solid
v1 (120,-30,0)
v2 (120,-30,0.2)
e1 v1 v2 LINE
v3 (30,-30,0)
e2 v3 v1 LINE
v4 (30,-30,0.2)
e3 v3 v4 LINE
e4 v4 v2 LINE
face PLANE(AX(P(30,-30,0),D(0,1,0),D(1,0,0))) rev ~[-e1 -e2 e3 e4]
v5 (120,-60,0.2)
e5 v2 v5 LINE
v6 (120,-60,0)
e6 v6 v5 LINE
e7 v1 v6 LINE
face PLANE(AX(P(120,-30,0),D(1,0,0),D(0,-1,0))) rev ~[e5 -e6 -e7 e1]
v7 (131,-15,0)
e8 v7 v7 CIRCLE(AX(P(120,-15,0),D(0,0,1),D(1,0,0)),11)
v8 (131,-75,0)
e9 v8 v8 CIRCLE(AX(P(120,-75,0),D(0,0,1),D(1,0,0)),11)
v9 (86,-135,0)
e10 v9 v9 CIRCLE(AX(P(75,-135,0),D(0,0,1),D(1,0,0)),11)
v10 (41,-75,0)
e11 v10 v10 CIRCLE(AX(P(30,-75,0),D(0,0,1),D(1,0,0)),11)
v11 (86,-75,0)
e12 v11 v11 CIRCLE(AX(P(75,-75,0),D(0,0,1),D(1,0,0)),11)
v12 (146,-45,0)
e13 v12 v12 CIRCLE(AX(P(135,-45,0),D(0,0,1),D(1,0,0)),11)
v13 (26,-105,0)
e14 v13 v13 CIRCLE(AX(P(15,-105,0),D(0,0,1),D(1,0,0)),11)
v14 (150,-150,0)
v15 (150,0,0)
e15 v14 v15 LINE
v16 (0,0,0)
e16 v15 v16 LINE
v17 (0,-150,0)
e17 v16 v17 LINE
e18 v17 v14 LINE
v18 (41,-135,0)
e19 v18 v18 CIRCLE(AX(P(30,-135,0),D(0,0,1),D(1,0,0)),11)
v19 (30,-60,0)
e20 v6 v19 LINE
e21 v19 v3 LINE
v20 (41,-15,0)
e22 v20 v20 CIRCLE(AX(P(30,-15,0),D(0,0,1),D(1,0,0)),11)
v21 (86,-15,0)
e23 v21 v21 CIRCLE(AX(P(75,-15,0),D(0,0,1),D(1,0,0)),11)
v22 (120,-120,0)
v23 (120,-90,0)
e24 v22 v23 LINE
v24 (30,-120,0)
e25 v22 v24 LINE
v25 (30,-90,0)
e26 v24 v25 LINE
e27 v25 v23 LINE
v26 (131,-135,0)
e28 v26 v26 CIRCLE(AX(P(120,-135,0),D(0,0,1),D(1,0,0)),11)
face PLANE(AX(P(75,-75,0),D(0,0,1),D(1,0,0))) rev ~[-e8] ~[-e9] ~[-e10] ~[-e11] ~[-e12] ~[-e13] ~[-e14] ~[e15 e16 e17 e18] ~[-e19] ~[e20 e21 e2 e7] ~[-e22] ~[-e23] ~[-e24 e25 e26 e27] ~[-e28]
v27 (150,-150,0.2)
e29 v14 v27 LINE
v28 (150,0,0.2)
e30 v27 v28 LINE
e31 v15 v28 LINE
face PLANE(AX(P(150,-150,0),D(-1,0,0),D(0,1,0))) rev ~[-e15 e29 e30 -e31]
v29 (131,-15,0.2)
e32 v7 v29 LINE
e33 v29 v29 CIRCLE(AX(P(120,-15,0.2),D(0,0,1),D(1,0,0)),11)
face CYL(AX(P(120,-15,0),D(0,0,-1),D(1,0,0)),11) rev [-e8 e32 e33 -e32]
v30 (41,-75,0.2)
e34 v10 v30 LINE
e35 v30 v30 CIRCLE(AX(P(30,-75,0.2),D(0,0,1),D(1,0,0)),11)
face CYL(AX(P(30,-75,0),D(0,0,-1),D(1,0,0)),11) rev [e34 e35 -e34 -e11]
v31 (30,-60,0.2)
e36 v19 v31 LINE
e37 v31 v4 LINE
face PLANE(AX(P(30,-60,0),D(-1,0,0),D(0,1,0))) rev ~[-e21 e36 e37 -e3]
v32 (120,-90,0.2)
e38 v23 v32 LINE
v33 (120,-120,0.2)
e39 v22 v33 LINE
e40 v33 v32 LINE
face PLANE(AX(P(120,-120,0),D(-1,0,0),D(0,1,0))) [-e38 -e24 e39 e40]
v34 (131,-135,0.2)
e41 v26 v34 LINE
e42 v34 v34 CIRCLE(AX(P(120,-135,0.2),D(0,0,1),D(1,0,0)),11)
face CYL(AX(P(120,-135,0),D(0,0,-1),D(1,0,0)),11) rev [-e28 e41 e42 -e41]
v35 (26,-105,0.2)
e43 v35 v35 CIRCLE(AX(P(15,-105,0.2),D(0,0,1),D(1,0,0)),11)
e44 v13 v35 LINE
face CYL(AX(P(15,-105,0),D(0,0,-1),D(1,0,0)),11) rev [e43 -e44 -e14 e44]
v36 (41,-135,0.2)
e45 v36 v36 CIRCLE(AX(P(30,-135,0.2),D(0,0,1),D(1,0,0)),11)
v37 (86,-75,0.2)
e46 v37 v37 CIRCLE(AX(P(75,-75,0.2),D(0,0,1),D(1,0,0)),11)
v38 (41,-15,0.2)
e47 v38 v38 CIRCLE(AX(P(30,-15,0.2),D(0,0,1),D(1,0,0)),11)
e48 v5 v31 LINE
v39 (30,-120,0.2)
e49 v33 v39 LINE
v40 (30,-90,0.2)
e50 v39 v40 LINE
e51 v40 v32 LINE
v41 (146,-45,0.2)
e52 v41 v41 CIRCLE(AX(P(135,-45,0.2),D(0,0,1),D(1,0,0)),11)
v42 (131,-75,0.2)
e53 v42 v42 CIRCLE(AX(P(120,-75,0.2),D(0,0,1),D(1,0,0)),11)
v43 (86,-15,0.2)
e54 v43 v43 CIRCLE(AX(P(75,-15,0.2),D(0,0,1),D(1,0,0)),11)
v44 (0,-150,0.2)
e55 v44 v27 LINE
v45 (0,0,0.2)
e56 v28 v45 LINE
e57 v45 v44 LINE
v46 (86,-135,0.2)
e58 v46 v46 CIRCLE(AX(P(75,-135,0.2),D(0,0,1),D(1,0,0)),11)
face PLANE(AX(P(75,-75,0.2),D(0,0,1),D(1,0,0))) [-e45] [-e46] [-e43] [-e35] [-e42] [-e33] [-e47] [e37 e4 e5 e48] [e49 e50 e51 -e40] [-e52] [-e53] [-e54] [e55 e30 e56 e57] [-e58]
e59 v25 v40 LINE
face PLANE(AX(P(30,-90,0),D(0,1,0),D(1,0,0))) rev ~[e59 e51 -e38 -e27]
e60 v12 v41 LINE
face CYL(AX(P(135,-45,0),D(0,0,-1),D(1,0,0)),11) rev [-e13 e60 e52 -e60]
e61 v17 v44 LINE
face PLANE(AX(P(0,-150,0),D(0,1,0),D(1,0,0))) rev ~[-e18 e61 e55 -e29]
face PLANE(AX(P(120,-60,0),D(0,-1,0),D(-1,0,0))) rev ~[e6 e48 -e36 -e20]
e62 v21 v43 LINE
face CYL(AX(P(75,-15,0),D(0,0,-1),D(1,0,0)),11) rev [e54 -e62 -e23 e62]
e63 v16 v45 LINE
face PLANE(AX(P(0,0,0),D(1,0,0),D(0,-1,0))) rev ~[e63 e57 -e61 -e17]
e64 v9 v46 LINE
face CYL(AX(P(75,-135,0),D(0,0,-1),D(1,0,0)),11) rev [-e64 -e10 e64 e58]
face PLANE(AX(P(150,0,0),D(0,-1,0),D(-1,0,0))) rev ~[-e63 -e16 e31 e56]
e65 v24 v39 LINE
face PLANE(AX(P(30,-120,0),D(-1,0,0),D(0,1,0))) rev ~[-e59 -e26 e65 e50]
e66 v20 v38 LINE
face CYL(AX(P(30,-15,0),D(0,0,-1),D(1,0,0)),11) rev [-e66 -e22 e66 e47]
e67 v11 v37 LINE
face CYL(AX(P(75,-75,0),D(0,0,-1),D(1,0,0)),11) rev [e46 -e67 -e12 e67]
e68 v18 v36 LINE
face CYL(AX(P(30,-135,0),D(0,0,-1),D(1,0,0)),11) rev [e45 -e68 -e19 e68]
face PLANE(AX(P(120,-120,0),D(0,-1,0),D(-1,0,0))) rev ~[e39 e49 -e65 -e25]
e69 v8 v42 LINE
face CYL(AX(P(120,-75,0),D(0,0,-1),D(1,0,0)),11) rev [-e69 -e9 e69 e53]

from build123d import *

# Parameters (mm, degrees)
F0_R     = 11
F0_W     = 30
F0_H     = 30
F1_DEPTH = 0.2


with BuildPart() as f1:
    # F0 (on Top) → F1 (new body)
    with BuildSketch(Plane.XY):
        Polygon((0, -150), (150, -150), (150, -120), (120, -120), (30, -120), (30, -90), (120, -90), (150, -90), (150, 0), (0, 0), (0, -30), (30, -30), (120, -30), (120, -60), (30, -60), (0, -60), align=None)
        with Locations((30, -135)):
            Circle(F0_R, mode=Mode.SUBTRACT)
        with Locations((15, -105)):
            Circle(F0_R, mode=Mode.SUBTRACT)
        with Locations((75, -135)):
            Circle(F0_R, mode=Mode.SUBTRACT)
        with Locations((120, -135)):
            Circle(F0_R, mode=Mode.SUBTRACT)
        with Locations((30, -75)):
            Circle(F0_R, mode=Mode.SUBTRACT)
        with Locations((30, -15)):
            Circle(F0_R, mode=Mode.SUBTRACT)
        with Locations((75, -75)):
            Circle(F0_R, mode=Mode.SUBTRACT)
        with Locations((120, -75)):
            Circle(F0_R, mode=Mode.SUBTRACT)
        with Locations((135, -45)):
            Circle(F0_R, mode=Mode.SUBTRACT)
        with Locations((75, -15)):
            Circle(F0_R, mode=Mode.SUBTRACT)
        with Locations((120, -15)):
            Circle(F0_R, mode=Mode.SUBTRACT)
        with Locations((15, -45)):
            Rectangle(F0_W, F0_H)
        with Locations((135, -105)):
            Rectangle(F0_W, F0_H)
    extrude(amount=F1_DEPTH)


solid = f1.part
